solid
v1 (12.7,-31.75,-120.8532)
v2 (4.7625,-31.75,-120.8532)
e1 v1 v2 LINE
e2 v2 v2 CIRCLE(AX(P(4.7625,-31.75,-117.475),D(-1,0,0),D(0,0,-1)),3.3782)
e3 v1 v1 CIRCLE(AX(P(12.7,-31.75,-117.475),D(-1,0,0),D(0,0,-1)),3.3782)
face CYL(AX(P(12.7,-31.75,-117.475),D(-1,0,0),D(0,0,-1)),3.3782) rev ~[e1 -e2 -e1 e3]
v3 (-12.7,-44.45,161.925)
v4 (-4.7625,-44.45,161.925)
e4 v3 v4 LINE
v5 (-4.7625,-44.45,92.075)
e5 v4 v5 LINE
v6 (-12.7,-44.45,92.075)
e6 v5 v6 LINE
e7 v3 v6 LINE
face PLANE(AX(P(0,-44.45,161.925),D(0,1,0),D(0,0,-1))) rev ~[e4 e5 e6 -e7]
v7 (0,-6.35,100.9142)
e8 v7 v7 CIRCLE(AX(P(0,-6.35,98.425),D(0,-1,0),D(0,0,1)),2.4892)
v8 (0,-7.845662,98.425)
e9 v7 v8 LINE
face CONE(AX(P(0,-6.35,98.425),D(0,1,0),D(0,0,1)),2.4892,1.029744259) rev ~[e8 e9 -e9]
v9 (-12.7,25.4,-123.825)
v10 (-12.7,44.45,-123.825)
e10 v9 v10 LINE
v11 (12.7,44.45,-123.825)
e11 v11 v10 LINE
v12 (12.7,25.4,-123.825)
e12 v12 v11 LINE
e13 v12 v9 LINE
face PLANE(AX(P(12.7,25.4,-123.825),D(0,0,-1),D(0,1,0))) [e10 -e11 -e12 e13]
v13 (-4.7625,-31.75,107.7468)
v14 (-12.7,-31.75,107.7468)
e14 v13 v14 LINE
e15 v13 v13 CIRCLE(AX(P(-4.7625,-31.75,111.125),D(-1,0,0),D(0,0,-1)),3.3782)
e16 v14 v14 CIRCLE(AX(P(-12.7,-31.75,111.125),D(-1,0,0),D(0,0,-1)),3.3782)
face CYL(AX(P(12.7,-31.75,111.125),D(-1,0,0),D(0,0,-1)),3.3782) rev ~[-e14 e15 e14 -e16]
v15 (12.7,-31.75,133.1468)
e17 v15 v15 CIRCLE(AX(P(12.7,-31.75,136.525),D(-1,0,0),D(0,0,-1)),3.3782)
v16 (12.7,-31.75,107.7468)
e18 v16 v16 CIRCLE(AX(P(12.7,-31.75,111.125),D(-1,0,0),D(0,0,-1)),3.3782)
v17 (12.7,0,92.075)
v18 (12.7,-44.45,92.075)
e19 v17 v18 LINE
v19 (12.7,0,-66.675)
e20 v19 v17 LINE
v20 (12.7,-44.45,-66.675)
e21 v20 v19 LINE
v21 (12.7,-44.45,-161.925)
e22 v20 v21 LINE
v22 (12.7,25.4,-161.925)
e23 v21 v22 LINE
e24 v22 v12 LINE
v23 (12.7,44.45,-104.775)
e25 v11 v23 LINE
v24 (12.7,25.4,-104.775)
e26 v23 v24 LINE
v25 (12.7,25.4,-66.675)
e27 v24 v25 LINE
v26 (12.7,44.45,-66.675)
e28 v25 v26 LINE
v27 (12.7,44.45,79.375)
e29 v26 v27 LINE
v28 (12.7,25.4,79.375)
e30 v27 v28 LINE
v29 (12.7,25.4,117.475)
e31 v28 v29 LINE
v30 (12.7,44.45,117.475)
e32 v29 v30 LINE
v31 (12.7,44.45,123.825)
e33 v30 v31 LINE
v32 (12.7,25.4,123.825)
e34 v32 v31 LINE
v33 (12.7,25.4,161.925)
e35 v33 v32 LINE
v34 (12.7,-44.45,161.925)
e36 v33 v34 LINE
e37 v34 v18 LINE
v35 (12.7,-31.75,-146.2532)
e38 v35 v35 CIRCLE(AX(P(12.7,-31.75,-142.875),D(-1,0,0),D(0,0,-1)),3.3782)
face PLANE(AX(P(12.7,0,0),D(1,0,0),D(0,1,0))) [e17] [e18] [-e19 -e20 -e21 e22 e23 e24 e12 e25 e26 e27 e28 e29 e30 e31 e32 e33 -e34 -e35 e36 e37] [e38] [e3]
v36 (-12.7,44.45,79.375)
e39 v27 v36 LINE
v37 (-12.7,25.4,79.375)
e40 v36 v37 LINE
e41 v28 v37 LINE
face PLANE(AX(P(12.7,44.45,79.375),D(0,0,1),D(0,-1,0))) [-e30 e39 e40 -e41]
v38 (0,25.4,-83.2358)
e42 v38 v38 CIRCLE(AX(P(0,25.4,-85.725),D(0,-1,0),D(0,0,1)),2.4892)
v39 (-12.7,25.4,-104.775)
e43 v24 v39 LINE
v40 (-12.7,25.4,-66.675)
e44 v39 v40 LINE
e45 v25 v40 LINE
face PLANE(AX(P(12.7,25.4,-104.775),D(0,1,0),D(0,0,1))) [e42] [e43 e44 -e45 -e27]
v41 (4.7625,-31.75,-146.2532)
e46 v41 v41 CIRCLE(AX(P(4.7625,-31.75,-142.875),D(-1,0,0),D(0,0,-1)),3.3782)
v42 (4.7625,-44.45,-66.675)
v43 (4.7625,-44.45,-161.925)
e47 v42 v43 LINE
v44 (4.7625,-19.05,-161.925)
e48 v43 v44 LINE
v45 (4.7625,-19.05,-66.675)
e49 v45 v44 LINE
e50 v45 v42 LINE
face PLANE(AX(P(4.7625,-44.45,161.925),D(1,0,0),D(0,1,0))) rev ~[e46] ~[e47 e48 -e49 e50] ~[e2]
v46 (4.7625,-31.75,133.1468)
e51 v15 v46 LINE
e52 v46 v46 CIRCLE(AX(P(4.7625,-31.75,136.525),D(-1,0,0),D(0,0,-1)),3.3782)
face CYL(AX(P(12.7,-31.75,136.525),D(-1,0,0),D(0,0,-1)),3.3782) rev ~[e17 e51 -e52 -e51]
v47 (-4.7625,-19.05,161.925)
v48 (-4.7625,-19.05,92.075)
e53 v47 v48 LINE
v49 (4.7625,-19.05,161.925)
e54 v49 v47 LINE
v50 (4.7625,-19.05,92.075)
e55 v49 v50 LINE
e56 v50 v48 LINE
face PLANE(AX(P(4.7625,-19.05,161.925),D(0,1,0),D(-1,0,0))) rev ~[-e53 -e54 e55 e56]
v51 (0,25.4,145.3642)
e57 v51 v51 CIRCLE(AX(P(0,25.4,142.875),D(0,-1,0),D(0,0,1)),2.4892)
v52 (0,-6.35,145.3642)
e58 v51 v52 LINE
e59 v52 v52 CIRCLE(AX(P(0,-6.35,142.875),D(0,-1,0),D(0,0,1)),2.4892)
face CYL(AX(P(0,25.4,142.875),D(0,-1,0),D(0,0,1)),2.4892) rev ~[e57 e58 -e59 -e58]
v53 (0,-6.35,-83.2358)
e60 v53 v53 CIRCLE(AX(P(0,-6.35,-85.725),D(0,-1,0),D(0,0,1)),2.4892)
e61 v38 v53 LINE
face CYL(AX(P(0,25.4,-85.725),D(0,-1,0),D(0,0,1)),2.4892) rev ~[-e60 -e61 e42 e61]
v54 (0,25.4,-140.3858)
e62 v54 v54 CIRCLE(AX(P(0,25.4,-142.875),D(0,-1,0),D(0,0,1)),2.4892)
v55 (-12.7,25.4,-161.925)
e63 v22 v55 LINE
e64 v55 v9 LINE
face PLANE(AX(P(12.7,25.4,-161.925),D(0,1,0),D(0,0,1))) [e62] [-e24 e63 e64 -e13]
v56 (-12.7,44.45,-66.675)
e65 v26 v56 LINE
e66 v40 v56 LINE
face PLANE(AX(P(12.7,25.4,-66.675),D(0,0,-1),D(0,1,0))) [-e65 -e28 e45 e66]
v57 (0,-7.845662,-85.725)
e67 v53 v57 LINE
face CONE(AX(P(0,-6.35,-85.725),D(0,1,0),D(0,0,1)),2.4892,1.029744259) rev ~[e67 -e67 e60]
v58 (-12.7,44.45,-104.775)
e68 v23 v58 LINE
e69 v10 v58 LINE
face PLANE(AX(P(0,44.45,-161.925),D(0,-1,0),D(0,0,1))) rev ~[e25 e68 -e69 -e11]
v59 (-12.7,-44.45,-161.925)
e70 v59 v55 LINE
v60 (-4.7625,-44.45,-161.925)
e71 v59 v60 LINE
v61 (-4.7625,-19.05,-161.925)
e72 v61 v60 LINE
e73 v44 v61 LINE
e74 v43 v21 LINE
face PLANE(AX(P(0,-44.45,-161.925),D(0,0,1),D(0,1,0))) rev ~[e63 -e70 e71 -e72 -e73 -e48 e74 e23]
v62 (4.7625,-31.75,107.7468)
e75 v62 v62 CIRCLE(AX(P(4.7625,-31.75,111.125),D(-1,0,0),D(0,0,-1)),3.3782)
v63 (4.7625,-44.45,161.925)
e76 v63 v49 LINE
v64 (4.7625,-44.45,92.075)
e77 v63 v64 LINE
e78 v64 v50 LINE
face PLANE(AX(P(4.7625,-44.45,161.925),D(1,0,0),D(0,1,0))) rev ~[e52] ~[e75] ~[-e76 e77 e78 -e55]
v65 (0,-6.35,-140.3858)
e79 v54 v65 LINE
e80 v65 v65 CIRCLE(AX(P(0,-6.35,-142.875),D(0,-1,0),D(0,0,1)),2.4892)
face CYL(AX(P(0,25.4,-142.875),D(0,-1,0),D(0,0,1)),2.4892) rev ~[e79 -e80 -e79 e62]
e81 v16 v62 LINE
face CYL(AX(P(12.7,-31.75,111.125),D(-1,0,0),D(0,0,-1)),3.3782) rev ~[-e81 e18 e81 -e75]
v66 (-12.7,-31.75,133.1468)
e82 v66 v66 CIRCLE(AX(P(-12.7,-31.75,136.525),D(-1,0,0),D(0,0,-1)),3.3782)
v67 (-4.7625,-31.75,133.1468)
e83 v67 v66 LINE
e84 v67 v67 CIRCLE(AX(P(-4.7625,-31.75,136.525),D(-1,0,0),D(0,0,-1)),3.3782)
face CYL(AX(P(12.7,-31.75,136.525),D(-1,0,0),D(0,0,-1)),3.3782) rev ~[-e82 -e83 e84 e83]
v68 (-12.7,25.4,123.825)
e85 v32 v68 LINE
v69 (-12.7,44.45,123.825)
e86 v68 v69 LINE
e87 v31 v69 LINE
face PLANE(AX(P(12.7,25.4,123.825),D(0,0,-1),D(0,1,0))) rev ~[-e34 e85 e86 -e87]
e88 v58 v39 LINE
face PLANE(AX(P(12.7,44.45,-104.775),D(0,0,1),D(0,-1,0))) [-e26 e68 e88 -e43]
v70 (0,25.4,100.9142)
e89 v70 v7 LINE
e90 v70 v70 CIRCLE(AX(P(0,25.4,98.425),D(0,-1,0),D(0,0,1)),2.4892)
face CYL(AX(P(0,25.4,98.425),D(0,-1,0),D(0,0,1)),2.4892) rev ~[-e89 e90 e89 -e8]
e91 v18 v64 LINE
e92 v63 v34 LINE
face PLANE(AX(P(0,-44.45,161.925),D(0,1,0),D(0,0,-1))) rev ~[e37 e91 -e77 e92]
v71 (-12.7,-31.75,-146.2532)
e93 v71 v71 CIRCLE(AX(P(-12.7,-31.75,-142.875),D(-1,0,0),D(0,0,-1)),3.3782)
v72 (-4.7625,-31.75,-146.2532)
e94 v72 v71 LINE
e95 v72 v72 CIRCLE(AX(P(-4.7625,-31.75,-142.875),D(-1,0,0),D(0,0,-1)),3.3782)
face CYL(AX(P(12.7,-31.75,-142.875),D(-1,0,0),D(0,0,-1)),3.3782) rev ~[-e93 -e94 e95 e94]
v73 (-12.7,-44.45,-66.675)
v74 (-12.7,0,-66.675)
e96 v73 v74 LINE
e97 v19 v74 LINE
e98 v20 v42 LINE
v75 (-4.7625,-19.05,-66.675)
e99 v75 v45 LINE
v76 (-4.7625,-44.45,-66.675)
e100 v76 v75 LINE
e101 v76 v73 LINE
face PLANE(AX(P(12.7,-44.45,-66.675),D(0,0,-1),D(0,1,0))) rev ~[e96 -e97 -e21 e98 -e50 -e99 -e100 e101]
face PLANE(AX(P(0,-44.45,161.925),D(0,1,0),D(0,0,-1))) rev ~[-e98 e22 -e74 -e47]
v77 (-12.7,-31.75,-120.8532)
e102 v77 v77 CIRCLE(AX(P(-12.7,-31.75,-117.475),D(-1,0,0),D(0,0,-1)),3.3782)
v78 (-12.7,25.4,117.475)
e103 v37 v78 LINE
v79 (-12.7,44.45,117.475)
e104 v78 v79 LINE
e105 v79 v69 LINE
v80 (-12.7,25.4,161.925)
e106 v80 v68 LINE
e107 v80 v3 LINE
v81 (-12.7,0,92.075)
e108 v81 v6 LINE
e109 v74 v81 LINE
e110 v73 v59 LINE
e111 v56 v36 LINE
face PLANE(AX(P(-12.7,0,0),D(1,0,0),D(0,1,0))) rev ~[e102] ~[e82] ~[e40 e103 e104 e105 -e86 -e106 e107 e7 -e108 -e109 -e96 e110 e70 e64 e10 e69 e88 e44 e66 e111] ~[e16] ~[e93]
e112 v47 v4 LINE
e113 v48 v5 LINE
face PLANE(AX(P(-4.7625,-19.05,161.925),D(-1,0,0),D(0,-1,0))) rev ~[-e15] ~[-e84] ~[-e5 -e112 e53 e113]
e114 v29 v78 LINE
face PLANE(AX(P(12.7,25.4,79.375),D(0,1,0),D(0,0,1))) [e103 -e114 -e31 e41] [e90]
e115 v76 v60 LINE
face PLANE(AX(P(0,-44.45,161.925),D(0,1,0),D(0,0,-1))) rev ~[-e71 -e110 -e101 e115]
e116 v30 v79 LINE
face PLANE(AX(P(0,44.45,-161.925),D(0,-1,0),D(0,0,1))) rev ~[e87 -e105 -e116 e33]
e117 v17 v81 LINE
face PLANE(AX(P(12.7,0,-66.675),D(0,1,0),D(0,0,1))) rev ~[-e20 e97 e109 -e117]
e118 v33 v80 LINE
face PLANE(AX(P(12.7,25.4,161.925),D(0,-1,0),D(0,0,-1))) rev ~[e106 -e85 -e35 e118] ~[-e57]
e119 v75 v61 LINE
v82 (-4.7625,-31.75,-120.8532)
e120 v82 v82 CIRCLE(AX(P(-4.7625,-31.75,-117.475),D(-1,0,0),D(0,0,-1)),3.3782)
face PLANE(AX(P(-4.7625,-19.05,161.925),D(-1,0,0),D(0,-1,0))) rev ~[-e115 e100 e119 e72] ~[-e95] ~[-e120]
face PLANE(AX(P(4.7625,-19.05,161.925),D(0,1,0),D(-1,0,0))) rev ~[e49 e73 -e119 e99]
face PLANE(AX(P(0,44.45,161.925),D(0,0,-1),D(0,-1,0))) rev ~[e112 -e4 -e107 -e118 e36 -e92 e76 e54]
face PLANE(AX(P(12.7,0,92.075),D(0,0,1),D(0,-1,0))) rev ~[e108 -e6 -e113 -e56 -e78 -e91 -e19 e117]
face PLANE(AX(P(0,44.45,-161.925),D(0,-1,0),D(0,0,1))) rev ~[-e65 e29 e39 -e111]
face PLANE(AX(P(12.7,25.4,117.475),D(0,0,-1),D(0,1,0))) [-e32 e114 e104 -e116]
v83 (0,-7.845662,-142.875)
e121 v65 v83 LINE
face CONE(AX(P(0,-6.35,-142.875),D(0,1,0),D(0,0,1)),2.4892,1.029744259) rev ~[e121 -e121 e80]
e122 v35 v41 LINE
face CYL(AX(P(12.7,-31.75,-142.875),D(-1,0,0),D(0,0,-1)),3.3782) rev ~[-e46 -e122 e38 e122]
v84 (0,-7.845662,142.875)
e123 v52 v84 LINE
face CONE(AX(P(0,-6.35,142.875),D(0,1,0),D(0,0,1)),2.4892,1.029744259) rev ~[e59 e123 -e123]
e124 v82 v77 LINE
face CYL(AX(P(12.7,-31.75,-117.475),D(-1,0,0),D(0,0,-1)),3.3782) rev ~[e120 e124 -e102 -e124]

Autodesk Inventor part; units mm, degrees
ref_plane "YZ Plane" through (0, 0, 0) normal (1, 0, 0) x (0, 1, 0)
ref_plane "XZ Plane" through (0, 0, 0) normal (0, 1, 0) x (-1, 0, 0)
ref_plane "XY Plane" through (0, 0, 0) normal (0, 0, 1) x (1, 0, 0)
sketch "Sketch1" plane through (0, 0, 0) normal (1, 0, 0) x (0, 1, 0)
  line L0 (-44.45, 161.925) -> (-44.45, -161.925)
  line L1 (-44.45, -161.925) -> (44.45, -161.925)
  line L2 (44.45, -161.925) -> (44.45, 161.925)
  line L3 (44.45, 161.925) -> (-44.45, 161.925)
  line L4 (-44.45, 161.925) -> (44.45, -161.925) construction
  line L5 (-44.45, -161.925) -> (44.45, 161.925) construction
  point P0 (0, 0)
  dimension "d0" = 323.85
  dimension "d1" = 88.9
extrude "Extrusion1" add sketch "Sketch1" along normal mid plane 25.4
sketch "Sketch2" plane through (12.7, 0, 0) normal (1, 0, 0) x (0, 0, -1)
  line L0 (-161.925, -44.45) -> (161.925, -44.45) projected
  line L1 (-92.075, -44.45) -> (66.675, -44.45)
  line L2 (66.675, -44.45) -> (66.675, 0)
  line L3 (66.675, 0) -> (-92.075, 0)
  line L4 (-92.075, 0) -> (-92.075, -44.45)
  line L5 (-161.925, 44.45) -> (-161.925, -44.45) projected
  point P0 (0, 0)
  dimension "d4" = 158.75
  dimension "d5" = 44.45
  dimension "d6" = 69.85
extrude "Extrusion2" cut sketch "Sketch2" against normal through all
sketch "Sketch4" plane through (-12.7, -44.45, 161.925) normal (0, 0, 1) x (1, 0, 0)
  line L0 (7.9375, 0) -> (17.4625, 0)
  line L1 (17.4625, 0) -> (17.4625, 25.4)
  line L2 (17.4625, 25.4) -> (7.9375, 25.4)
  line L3 (7.9375, 25.4) -> (7.9375, 0)
  line L4 (25.4, 0) -> (0, 0) projected
  point P0 (12.7, 44.45)
  dimension "d11" = 4.7625
  dimension "d12" = 4.7625
  dimension "d13" = 25.4
extrude "Extrusion3" cut sketch "Sketch4" against normal through all
sketch "Sketch6" plane through (12.7, 0, 0) normal (1, 0, 0) x (0, 0, -1)
  point P0 (0, 0)
sketch "Sketch7" plane through (12.7, 0, 0) normal (1, 0, 0) x (0, 0, -1)
  line L0 (-161.925, 44.45) -> (-161.925, -44.45) projected
  line L1 (-161.925, -44.45) -> (-161.925, 44.45) construction
  line L2 (-161.925, -31.75) -> (161.925, -31.75) construction
  line L3 (161.925, 44.45) -> (161.925, -44.45) construction
  point P0 (0, 0)
  point P1 (-136.525, -31.75)
  point P2 (-111.125, -31.75)
  point P3 (117.475, -31.75)
  point P4 (142.875, -31.75)
  dimension "d16" = 12.7
  dimension "d17" = 25.4
  dimension "d18" = 25.4
  dimension "d19" = 279.4
  dimension "d20" = 25.4
hole "Hole1" at (12.7, -31.75, 136.525) at (12.7, -31.75, 111.125) at (12.7, -31.75, -117.475) at (12.7, -31.75, -142.875) direction (-1, 0, 0) diameter 6.7564 end through all clearance for "Flat Head Machine Screw (82)" size "1/4" standard "Ansi Unified Screw Threads"
sketch "Sketch8" plane through (12.7, 0, 0) normal (1, 0, 0) x (0, 0, -1)
  line L0 (-161.925, 44.45) -> (-161.925, -44.45) projected
  line L1 (-161.925, 25.4) -> (-123.825, 25.4)
  line L2 (-123.825, 25.4) -> (-123.825, 44.45)
  line L3 (-123.825, 44.45) -> (-161.925, 44.45)
  line L4 (-161.925, 44.45) -> (-161.925, 25.4)
  line L5 (161.925, 44.45) -> (-161.925, 44.45) projected
  line L6 (161.925, 44.45) -> (161.925, -44.45) projected
  line L7 (161.925, 25.4) -> (123.825, 25.4)
  line L8 (123.825, 25.4) -> (123.825, 44.45)
  line L9 (123.825, 44.45) -> (161.925, 44.45)
  line L10 (161.925, 44.45) -> (161.925, 25.4)
  line L11 (-117.475, 44.45) -> (-79.375, 44.45)
  line L12 (-79.375, 44.45) -> (-79.375, 25.4)
  line L13 (-79.375, 25.4) -> (-117.475, 25.4)
  line L14 (-117.475, 25.4) -> (-117.475, 44.45)
  line L15 (104.775, 25.4) -> (66.675, 25.4)
  line L16 (66.675, 25.4) -> (66.675, 44.45)
  line L17 (66.675, 44.45) -> (104.775, 44.45)
  line L18 (104.775, 44.45) -> (104.775, 25.4)
  point P0 (0, 0)
  dimension "d28" = 38.1
  dimension "d29" = 19.05
  dimension "d30" = 6.35
  dimension "d31" = 146.05
extrude "Extrusion4" cut sketch "Sketch8" against normal through all
sketch "Sketch9" plane through (12.7, 25.4, 161.925) normal (0, 1, 0) x (1, 0, 0)
  line L0 (-17.4625, 0) -> (-7.9375, 0) construction
  line L1 (-12.7, 0) -> (-12.7, 323.226) construction
  line L2 (0, 0) -> (-25.4, 0) construction
  line L3 (0, 44.45) -> (-25.4, 44.45) construction
  line L4 (0, 228.6) -> (-25.4, 228.6) construction
  line L5 (0, 285.75) -> (-25.4, 285.75) construction
  point P0 (-12.7, 161.925)
  point P1 (-12.7, 19.05)
  point P2 (-12.7, 63.5)
  point P3 (-12.7, 247.65)
  point P4 (-12.7, 304.8)
  dimension "d34" = 19.05
  dimension "d35" = 19.05
  dimension "d36" = 19.05
  dimension "d37" = 19.05
hole "Hole2" at (0, 25.4, 142.875) at (0, 25.4, 98.425) at (0, 25.4, -85.725) at (0, 25.4, -142.875) direction (0, -1, 0) diameter 4.9784 depth 31.75 tip angle 118 thread size "1/4-20 UNC" class "2B" standard "ANSI Unified Screw Threads"
equation "\"d0\" = RailSlideTotalLength"
equation "\"d1\" = RailSlideTotalHeight"
equation "\"d2\" = RailSlideTotalWidth"
equation "\"d4\" = WidthOfCutoutForTransmission"
equation "\"d5\" = heigthOfCutoutForTransmission"
equation "\"d6\" = distanceFromRearToStartOfTransmissionCutout"
equation "\"d7\" = RailSlideTotalWidth"
equation "\"d11\" = 0.5 * cutoutWidth"
equation "\"d12\" = 0.5 * cutoutWidth"
equation "\"d13\" = cutoutHeight"
equation "\"d14\" = RailSlideTotalWidth"
equation "\"d32\" = RailSlideTotalWidth"
equation "\"RailSlideTotalLength\" = 323.85"
equation "\"RailSlideTotalWidth\" = 25.4"
equation "\"RailSlideTotalHeight\" = 88.9"
equation "\"WidthOfCutoutForTransmission\" = 158.75"
equation "\"heigthOfCutoutForTransmission\" = 44.45"
equation "\"distanceFromRearToStartOfTransmissionCutout\" = 69.85"
equation "\"cutoutWidth\" = 9.525"
equation "\"cutoutHeight\" = 25.4"
properties part number "RailSlideLeftSide"
